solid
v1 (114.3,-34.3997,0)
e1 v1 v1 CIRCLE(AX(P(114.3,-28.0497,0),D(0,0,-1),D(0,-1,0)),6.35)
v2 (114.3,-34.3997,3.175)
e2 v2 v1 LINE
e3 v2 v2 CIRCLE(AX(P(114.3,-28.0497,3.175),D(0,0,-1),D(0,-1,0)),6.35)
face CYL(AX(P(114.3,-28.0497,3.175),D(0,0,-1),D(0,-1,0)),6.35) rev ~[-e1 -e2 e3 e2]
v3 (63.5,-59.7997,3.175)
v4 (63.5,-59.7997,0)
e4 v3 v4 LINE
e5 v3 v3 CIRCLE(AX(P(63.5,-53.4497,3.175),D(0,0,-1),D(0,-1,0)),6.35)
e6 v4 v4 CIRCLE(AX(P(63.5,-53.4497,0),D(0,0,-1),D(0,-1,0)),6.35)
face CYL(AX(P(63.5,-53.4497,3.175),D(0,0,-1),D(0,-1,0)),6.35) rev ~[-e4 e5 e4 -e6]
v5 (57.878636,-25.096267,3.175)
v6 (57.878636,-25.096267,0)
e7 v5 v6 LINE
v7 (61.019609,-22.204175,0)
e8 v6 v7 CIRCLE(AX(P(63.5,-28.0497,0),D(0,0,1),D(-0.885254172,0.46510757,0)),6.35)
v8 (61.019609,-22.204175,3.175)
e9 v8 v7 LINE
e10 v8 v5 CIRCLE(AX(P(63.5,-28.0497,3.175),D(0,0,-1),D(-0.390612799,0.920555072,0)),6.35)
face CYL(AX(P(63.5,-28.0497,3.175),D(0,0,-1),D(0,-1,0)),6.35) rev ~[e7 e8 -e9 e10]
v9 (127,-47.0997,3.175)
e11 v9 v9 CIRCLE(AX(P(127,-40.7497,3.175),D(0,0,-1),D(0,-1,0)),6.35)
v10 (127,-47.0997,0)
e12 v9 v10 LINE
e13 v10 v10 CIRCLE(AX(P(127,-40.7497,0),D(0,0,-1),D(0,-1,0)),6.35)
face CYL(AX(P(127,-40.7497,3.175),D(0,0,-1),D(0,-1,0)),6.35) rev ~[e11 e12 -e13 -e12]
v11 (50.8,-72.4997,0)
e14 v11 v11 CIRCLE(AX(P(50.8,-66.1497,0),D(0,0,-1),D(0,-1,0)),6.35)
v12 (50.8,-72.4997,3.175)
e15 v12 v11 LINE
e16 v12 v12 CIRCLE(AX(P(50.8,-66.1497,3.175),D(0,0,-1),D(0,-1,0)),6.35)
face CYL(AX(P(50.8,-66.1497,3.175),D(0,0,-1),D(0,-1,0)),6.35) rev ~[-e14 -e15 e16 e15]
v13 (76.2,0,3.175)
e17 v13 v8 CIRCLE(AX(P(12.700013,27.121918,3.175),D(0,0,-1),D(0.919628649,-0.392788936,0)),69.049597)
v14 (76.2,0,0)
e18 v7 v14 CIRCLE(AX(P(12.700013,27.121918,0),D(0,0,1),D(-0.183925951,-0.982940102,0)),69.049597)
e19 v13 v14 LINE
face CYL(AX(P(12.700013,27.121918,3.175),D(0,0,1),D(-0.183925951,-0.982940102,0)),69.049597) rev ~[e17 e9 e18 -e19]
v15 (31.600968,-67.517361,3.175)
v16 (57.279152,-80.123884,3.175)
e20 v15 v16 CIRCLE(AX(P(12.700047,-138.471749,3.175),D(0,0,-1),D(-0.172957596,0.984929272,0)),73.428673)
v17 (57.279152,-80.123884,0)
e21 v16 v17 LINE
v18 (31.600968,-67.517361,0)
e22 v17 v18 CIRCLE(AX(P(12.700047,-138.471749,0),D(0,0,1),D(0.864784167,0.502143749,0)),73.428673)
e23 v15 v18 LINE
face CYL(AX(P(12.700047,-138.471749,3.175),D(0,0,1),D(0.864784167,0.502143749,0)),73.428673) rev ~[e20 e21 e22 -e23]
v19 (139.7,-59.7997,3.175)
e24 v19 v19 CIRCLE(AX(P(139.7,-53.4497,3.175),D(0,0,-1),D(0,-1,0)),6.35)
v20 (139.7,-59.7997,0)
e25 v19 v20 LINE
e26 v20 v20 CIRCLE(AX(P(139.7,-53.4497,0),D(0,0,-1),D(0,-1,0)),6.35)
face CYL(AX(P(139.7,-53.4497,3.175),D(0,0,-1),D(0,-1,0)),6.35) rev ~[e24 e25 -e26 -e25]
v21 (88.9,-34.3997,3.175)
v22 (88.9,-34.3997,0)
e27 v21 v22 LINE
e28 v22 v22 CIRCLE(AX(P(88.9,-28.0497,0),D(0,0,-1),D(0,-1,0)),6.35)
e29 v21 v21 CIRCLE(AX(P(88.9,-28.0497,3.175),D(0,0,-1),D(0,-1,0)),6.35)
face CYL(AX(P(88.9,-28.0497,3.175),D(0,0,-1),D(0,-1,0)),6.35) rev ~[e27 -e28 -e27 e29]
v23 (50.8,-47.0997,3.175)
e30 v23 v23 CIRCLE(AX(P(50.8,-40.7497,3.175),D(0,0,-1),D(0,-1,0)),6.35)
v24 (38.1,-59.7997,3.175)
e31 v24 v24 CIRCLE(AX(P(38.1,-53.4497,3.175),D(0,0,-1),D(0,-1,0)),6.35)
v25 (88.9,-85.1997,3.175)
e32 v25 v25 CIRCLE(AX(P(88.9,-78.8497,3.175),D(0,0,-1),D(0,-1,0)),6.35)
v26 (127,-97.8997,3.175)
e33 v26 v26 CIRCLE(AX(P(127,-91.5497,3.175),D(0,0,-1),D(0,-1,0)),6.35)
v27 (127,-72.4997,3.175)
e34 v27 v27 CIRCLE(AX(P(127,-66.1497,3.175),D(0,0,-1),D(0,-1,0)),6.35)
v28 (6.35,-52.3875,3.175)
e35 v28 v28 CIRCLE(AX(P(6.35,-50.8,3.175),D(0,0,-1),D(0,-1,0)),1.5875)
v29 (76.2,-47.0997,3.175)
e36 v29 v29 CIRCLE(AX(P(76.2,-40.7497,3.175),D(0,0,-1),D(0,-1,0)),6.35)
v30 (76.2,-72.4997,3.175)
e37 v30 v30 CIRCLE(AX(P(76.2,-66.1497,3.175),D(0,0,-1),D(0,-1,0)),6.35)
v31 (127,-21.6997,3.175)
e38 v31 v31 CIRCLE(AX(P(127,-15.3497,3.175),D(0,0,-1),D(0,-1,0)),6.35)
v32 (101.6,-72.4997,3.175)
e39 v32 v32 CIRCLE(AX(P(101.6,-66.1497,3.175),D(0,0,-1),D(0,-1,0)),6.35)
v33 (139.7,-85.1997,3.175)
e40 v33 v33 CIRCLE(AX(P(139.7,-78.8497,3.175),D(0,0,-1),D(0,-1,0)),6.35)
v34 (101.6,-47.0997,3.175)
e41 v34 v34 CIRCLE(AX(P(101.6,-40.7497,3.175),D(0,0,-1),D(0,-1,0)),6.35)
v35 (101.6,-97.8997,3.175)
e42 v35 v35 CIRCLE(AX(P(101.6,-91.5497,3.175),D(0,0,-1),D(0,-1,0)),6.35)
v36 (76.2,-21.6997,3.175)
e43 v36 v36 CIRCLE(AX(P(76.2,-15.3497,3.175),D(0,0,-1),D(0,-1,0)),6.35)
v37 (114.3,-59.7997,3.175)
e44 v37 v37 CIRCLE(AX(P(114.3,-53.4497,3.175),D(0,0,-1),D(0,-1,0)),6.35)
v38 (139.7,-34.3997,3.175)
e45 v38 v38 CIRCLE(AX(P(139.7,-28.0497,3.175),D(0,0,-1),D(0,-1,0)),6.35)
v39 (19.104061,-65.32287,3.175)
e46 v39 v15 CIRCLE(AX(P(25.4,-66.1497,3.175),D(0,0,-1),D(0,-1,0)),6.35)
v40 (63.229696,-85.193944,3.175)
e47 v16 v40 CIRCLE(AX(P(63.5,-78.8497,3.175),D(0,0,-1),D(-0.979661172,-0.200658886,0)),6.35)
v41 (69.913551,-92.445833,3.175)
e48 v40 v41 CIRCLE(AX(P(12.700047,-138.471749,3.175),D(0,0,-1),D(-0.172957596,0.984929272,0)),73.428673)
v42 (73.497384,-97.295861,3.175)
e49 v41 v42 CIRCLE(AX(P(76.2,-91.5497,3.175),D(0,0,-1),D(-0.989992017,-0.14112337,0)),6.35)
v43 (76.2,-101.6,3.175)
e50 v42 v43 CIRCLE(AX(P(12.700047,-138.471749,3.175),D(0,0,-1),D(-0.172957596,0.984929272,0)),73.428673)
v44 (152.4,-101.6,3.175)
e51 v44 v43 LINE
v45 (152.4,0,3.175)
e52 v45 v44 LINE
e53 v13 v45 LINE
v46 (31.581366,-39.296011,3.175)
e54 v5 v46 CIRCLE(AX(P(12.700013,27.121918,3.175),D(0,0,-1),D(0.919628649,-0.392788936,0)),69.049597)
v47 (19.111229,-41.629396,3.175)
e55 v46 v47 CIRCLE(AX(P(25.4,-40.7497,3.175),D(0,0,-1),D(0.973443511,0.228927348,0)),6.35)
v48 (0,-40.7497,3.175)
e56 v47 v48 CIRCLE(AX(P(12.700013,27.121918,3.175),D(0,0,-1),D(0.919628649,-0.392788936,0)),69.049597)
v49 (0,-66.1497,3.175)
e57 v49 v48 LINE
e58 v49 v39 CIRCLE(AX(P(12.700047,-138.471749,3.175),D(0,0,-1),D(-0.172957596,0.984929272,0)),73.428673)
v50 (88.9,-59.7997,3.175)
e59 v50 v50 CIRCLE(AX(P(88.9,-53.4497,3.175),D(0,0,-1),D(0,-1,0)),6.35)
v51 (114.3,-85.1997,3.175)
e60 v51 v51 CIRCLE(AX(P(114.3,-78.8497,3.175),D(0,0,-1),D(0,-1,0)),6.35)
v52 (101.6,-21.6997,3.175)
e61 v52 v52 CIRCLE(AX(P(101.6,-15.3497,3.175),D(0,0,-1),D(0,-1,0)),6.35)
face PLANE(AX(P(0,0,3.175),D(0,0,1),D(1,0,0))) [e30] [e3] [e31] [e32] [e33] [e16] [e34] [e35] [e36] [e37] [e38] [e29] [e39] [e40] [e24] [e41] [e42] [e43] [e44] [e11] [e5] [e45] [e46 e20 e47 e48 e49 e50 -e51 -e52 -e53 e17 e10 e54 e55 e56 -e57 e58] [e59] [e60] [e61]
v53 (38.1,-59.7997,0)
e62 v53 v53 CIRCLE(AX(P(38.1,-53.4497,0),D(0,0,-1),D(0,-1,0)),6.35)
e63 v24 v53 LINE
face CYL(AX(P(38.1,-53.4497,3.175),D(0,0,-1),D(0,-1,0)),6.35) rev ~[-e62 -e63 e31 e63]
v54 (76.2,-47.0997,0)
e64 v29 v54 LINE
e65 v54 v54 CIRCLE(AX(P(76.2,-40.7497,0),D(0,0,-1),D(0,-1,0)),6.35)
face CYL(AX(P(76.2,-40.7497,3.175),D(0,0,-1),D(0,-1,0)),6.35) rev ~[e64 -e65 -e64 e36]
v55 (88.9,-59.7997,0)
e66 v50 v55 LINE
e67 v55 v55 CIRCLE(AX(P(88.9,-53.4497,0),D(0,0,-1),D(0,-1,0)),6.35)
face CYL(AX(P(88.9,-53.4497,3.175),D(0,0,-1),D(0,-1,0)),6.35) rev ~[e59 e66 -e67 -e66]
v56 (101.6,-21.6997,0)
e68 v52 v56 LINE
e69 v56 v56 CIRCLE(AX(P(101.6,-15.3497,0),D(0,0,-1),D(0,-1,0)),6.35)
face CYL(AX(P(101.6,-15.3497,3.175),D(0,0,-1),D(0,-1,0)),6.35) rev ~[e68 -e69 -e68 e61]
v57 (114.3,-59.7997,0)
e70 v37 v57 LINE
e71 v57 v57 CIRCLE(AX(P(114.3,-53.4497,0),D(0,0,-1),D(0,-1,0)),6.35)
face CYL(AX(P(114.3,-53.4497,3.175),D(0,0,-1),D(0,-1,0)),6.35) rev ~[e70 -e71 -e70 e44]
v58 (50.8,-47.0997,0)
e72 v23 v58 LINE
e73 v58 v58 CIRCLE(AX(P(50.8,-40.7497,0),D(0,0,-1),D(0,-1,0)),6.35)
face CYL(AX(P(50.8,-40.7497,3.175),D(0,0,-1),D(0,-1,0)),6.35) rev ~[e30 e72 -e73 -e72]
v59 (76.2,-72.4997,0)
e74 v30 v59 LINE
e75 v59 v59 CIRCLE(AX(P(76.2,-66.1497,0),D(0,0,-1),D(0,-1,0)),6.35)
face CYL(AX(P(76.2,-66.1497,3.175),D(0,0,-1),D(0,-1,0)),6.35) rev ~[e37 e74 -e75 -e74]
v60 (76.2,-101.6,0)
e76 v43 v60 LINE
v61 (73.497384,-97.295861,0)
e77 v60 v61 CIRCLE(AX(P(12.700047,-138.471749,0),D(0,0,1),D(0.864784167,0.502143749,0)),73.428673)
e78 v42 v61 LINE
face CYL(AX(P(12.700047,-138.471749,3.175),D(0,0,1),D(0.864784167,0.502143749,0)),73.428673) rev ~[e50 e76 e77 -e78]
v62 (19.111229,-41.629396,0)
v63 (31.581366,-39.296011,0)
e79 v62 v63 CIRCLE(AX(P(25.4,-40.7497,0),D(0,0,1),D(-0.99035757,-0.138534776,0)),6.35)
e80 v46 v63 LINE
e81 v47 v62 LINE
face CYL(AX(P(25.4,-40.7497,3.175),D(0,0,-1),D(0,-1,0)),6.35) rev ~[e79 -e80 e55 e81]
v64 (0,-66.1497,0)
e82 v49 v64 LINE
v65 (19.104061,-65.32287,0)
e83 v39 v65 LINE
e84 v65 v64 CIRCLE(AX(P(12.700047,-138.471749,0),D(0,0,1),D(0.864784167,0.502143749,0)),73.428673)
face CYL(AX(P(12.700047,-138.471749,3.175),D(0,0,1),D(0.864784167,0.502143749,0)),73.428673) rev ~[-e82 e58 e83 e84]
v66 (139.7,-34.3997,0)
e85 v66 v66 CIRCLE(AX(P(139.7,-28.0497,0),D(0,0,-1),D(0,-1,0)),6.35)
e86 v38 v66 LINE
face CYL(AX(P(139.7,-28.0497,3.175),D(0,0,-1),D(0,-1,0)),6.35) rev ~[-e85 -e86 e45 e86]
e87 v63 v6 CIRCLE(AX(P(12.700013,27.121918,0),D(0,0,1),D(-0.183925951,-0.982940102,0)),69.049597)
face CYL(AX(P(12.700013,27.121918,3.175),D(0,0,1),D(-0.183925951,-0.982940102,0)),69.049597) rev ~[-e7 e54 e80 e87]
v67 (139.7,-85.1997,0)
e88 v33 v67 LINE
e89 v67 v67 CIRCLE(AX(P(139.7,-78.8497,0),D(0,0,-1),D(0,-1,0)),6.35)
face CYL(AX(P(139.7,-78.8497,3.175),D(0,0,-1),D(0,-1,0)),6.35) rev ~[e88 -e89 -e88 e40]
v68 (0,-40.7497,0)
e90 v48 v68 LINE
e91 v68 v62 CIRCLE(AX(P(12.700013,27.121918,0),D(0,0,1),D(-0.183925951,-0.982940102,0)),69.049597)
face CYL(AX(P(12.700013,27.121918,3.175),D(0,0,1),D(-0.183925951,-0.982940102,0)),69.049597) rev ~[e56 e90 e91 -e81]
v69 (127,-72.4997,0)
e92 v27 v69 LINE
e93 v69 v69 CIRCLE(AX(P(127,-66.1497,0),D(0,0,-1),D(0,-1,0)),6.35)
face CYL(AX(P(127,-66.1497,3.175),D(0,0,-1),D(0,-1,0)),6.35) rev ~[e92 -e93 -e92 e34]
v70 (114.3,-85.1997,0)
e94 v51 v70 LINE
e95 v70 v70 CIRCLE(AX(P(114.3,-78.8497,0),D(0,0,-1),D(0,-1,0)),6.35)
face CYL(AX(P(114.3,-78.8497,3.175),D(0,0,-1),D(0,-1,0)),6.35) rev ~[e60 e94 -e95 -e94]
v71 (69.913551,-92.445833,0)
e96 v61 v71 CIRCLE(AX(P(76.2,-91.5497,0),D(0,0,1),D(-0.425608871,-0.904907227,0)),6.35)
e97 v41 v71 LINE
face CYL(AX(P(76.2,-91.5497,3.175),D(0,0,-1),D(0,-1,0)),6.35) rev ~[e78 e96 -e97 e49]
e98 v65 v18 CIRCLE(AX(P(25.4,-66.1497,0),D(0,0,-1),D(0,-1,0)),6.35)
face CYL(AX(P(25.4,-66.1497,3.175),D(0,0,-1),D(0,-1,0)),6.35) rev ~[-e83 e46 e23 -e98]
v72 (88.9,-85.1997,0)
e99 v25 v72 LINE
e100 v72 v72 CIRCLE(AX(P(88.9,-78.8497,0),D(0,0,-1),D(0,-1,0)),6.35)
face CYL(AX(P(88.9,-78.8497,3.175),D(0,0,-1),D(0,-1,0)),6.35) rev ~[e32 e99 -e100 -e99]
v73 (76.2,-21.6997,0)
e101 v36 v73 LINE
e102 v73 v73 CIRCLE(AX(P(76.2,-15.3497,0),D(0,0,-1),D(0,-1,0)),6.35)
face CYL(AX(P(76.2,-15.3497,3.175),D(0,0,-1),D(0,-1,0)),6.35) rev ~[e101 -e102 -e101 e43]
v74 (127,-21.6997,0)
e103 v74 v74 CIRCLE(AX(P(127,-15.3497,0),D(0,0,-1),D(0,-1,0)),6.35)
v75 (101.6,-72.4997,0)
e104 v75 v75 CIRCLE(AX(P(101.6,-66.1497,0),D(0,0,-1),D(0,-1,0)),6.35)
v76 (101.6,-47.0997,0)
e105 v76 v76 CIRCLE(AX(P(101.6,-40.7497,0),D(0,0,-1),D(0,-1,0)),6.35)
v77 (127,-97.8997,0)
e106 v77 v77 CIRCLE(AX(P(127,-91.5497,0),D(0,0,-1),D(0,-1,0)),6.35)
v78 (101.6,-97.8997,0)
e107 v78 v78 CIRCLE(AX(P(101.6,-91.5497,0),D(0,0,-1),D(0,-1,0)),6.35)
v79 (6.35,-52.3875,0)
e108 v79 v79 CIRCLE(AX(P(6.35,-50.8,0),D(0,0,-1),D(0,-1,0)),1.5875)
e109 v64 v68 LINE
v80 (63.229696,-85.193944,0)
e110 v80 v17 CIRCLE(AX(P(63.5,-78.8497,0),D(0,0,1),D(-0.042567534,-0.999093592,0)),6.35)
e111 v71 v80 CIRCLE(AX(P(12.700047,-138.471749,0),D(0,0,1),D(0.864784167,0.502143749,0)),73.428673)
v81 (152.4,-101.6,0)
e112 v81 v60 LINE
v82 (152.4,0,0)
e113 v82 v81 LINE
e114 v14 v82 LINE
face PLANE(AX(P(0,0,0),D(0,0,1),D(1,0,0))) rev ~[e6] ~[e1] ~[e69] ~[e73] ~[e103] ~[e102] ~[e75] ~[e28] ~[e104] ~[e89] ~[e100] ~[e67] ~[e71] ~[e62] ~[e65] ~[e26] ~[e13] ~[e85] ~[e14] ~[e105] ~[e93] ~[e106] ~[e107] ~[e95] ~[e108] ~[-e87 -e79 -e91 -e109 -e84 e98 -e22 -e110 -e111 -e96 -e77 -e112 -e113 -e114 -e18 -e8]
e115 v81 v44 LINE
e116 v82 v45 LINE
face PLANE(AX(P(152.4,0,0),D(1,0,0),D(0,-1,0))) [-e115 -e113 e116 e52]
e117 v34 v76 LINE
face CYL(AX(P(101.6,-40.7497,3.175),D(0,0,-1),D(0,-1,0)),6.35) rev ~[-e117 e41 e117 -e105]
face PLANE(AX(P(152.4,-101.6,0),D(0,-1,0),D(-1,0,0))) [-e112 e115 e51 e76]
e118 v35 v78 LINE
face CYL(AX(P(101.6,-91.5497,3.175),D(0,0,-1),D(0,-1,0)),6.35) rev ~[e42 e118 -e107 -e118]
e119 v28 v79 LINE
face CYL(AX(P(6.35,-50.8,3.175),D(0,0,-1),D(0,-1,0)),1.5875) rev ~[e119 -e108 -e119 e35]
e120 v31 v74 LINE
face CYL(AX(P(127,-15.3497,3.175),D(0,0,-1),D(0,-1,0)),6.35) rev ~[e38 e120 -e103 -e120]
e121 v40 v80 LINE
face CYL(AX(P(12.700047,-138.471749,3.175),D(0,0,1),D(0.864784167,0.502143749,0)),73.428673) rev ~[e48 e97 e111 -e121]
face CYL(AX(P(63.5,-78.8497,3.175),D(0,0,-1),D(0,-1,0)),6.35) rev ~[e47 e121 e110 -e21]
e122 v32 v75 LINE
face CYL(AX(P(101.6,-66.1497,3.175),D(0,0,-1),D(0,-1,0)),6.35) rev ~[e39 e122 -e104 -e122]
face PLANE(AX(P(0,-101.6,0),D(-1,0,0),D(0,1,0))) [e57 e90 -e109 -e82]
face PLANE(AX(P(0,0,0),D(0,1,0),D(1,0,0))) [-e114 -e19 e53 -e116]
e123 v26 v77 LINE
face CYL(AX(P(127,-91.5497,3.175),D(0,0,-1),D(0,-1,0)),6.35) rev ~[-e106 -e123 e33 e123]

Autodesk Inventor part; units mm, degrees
ref_plane "YZ Plane" through (0, 0, 0) normal (1, 0, 0) x (0, 1, 0)
ref_plane "XZ Plane" through (0, 0, 0) normal (0, 1, 0) x (-1, 0, 0)
ref_plane "XY Plane" through (0, 0, 0) normal (0, 0, 1) x (1, 0, 0)
sketch "Sketch1" plane through (0, 0, 0) normal (0, 0, 1) x (1, 0, 0)
  line L0 (0, 0) -> (152.4, 0)
  line L1 (152.4, 0) -> (152.4, -101.6)
  line L2 (152.4, -101.6) -> (0, -101.6)
  line L3 (0, -101.6) -> (0, 0)
  dimension "d0" = 152.4
  dimension "d1" = 101.6
extrude "Extrusion1" add sketch "Sketch1" along normal blind 3.175
sketch "Sketch2" plane through (0, 0, 3.175) normal (0, 0, 1) x (1, 0, 0)
  line L0 (0, 0) -> (0, -101.6) projected
  line L1 (152.4, 0) -> (0, 0) projected
  line L2 (152.4, -101.6) -> (152.4, 0) projected
  line L3 (0, -101.6) -> (152.4, -101.6) projected
  line L4 (25.4, -91.5497) -> (50.8, -91.5497)
  line L5 (50.8, -91.5497) -> (50.8, -66.1497)
  line L6 (50.8, -66.1497) -> (25.4, -66.1497)
  line L7 (25.4, -66.1497) -> (25.4, -91.5497)
  point P0 (76.2, -91.5497)
  point P1 (101.6, -91.5497)
  point P2 (127, -91.5497)
  point P3 (76.2, -66.1497)
  point P4 (101.6, -66.1497)
  point P5 (127, -66.1497)
  point P6 (25.4, -40.7497)
  point P7 (50.8, -40.7497)
  point P8 (76.2, -40.7497)
  point P9 (101.6, -40.7497)
  point P10 (127, -40.7497)
  point P11 (25.4, -15.3497)
  point P12 (50.8, -15.3497)
  point P13 (76.2, -15.3497)
  point P14 (101.6, -15.3497)
  point P15 (127, -15.3497)
  point P16 (38.1, -78.8497)
  point P17 (63.5, -78.8497)
  point P18 (88.9, -78.8497)
  point P19 (114.3, -78.8497)
  point P20 (139.7, -78.8497)
  point P21 (38.1, -53.4497)
  point P22 (63.5, -53.4497)
  point P23 (88.9, -53.4497)
  point P24 (114.3, -53.4497)
  point P25 (139.7, -53.4497)
  point P26 (38.1, -28.0497)
  point P27 (63.5, -28.0497)
  point P28 (88.9, -28.0497)
  point P29 (114.3, -28.0497)
  point P30 (139.7, -28.0497)
  dimension "d5" = 25.4
  dimension "d8" = 25.4
  dimension "d11" = 25.4
  dimension "d16" = 25.4
  dimension "d19" = 25.4
hole "Hole1" at (25.4, -91.5497, 3.175) at (50.8, -91.5497, 3.175) at (76.2, -91.5497, 3.175) at (101.6, -91.5497, 3.175) at (127, -91.5497, 3.175) at (25.4, -66.1497, 3.175) at (50.8, -66.1497, 3.175) at (76.2, -66.1497, 3.175) at (101.6, -66.1497, 3.175) at (127, -66.1497, 3.175) at (25.4, -40.7497, 3.175) at (50.8, -40.7497, 3.175) at (76.2, -40.7497, 3.175) at (101.6, -40.7497, 3.175) at (127, -40.7497, 3.175) at (25.4, -15.3497, 3.175) at (50.8, -15.3497, 3.175) at (76.2, -15.3497, 3.175) at (101.6, -15.3497, 3.175) at (127, -15.3497, 3.175) at (38.1, -78.8497, 3.175) at (63.5, -78.8497, 3.175) at (88.9, -78.8497, 3.175) at (114.3, -78.8497, 3.175) at (139.7, -78.8497, 3.175) at (38.1, -53.4497, 3.175) at (63.5, -53.4497, 3.175) at (88.9, -53.4497, 3.175) at (114.3, -53.4497, 3.175) at (139.7, -53.4497, 3.175) at (38.1, -28.0497, 3.175) at (63.5, -28.0497, 3.175) at (88.9, -28.0497, 3.175) at (114.3, -28.0497, 3.175) at (139.7, -28.0497, 3.175) direction (0, 0, -1) diameter 12.7 depth 25.4 tip angle 118
sketch "Sketch3" plane through (0, 0, 3.175) normal (0, 0, 1) x (1, 0, 0)
  line L0 (0, 0) -> (0, -101.6) projected
  line L1 (0, -50.8) -> (6.35, -50.8)
  dimension "d29" = 6.35
  dimension "d39" = 101.6
hole "Hole2" at (6.35, -50.8, 3.175) direction (0, 0, -1) diameter 3.175 depth 25.4 tip angle 118
sketch "Sketch4" plane through (0, 0, 3.175) normal (0, 0, 1) x (1, 0, 0)
  circle A0 centre (6.35, -50.8) radius 1.5875 projected
  circle A1 centre (114.3, -28.0497) radius 6.35 projected
  circle A2 centre (63.5, -28.0497) radius 6.35 projected
  circle A3 centre (139.7, -53.4497) radius 6.35 projected
  circle A4 centre (88.9, -53.4497) radius 6.35 projected
  circle A5 centre (38.1, -53.4497) radius 6.35 projected
  circle A6 centre (114.3, -78.8497) radius 6.35 projected
  circle A7 centre (63.5, -78.8497) radius 6.35 projected
  circle A8 centre (127, -15.3497) radius 6.35 projected
  circle A9 centre (76.2, -15.3497) radius 6.35 projected
  circle A10 centre (25.4, -15.3497) radius 6.35 projected
  circle A11 centre (101.6, -40.7497) radius 6.35 projected
  circle A12 centre (50.8, -40.7497) radius 6.35 projected
  circle A13 centre (127, -66.1497) radius 6.35 projected
  circle A14 centre (76.2, -66.1497) radius 6.35 projected
  circle A15 centre (25.4, -66.1497) radius 6.35 projected
  circle A16 centre (101.6, -91.5497) radius 6.35 projected
  circle A17 centre (50.8, -91.5497) radius 6.35 projected
  circle A18 centre (25.4, -91.5497) radius 6.35 projected
  circle A19 centre (76.2, -91.5497) radius 6.35 projected
  circle A20 centre (127, -91.5497) radius 6.35 projected
  circle A21 centre (50.8, -66.1497) radius 6.35 projected
  circle A22 centre (101.6, -66.1497) radius 6.35 projected
  circle A23 centre (25.4, -40.7497) radius 6.35 projected
  circle A24 centre (76.2, -40.7497) radius 6.35 projected
  circle A25 centre (127, -40.7497) radius 6.35 projected
  circle A26 centre (50.8, -15.3497) radius 6.35 projected
  circle A27 centre (101.6, -15.3497) radius 6.35 projected
  circle A28 centre (38.1, -78.8497) radius 6.35 projected
  circle A29 centre (88.9, -78.8497) radius 6.35 projected
  circle A30 centre (139.7, -78.8497) radius 6.35 projected
  circle A31 centre (63.5, -53.4497) radius 6.35 projected
  circle A32 centre (114.3, -53.4497) radius 6.35 projected
  circle A33 centre (38.1, -28.0497) radius 6.35 projected
  circle A34 centre (88.9, -28.0497) radius 6.35 projected
  circle A35 centre (139.7, -28.0497) radius 6.35 projected
  line L0 (152.4, 0) -> (0, 0) projected
  line L1 (0, 0) -> (0, -101.6) projected
  line L2 (0, -101.6) -> (152.4, -101.6) projected
  line L3 (152.4, -101.6) -> (152.4, 0) projected
  line L4 (152.4, -101.6) -> (0, -101.6) projected
  line L5 (0, 0) -> (0, -101.6) projected
  circle A36 centre (25.4, -66.1497) radius 6.35 projected
  arc A37 (76.2, -101.6) -> (0, -66.1497) centre (12.7, -138.4718) ccw
  line L6 (0, 0) -> (152.4, 0) projected
  circle A38 centre (25.4, -40.7497) radius 6.35 projected
  arc A39 (0, -40.7497) -> (76.2, 0) centre (12.7, 27.122) ccw
  line L7 (76.2, -101.6) -> (0, -101.6)
  line L8 (0, -101.6) -> (0, -66.1497)
  line L9 (0, -40.7497) -> (0, 0)
  line L10 (0, 0) -> (76.2, 0)
  line L11 (76.2, 0) -> (0, 0)
  arc A40 (76.2, -101.6) -> (0, -66.1497) centre (12.7, -138.4718) ccw
  arc A41 (0, -40.7497) -> (76.2, 0) centre (12.7, 27.122) ccw
extrude "Extrusion2" cut sketch "Sketch4" against normal blind 25.4 contours A39 A2 | A2 A39 A23 L1 L0 | A39 A23 | L2 L1 A37 A15 A7 A19 | A19 A37 | A37 A15 | A7 A37 picked at (59.133, -23.6572) picked at (25.2529, -38.6166) picked at (71.5308, -94.9999) picked at (24.7885, -68.1972) picked at (60.0035, -82.9534)
properties part number "FlapperSlapperPlate"
